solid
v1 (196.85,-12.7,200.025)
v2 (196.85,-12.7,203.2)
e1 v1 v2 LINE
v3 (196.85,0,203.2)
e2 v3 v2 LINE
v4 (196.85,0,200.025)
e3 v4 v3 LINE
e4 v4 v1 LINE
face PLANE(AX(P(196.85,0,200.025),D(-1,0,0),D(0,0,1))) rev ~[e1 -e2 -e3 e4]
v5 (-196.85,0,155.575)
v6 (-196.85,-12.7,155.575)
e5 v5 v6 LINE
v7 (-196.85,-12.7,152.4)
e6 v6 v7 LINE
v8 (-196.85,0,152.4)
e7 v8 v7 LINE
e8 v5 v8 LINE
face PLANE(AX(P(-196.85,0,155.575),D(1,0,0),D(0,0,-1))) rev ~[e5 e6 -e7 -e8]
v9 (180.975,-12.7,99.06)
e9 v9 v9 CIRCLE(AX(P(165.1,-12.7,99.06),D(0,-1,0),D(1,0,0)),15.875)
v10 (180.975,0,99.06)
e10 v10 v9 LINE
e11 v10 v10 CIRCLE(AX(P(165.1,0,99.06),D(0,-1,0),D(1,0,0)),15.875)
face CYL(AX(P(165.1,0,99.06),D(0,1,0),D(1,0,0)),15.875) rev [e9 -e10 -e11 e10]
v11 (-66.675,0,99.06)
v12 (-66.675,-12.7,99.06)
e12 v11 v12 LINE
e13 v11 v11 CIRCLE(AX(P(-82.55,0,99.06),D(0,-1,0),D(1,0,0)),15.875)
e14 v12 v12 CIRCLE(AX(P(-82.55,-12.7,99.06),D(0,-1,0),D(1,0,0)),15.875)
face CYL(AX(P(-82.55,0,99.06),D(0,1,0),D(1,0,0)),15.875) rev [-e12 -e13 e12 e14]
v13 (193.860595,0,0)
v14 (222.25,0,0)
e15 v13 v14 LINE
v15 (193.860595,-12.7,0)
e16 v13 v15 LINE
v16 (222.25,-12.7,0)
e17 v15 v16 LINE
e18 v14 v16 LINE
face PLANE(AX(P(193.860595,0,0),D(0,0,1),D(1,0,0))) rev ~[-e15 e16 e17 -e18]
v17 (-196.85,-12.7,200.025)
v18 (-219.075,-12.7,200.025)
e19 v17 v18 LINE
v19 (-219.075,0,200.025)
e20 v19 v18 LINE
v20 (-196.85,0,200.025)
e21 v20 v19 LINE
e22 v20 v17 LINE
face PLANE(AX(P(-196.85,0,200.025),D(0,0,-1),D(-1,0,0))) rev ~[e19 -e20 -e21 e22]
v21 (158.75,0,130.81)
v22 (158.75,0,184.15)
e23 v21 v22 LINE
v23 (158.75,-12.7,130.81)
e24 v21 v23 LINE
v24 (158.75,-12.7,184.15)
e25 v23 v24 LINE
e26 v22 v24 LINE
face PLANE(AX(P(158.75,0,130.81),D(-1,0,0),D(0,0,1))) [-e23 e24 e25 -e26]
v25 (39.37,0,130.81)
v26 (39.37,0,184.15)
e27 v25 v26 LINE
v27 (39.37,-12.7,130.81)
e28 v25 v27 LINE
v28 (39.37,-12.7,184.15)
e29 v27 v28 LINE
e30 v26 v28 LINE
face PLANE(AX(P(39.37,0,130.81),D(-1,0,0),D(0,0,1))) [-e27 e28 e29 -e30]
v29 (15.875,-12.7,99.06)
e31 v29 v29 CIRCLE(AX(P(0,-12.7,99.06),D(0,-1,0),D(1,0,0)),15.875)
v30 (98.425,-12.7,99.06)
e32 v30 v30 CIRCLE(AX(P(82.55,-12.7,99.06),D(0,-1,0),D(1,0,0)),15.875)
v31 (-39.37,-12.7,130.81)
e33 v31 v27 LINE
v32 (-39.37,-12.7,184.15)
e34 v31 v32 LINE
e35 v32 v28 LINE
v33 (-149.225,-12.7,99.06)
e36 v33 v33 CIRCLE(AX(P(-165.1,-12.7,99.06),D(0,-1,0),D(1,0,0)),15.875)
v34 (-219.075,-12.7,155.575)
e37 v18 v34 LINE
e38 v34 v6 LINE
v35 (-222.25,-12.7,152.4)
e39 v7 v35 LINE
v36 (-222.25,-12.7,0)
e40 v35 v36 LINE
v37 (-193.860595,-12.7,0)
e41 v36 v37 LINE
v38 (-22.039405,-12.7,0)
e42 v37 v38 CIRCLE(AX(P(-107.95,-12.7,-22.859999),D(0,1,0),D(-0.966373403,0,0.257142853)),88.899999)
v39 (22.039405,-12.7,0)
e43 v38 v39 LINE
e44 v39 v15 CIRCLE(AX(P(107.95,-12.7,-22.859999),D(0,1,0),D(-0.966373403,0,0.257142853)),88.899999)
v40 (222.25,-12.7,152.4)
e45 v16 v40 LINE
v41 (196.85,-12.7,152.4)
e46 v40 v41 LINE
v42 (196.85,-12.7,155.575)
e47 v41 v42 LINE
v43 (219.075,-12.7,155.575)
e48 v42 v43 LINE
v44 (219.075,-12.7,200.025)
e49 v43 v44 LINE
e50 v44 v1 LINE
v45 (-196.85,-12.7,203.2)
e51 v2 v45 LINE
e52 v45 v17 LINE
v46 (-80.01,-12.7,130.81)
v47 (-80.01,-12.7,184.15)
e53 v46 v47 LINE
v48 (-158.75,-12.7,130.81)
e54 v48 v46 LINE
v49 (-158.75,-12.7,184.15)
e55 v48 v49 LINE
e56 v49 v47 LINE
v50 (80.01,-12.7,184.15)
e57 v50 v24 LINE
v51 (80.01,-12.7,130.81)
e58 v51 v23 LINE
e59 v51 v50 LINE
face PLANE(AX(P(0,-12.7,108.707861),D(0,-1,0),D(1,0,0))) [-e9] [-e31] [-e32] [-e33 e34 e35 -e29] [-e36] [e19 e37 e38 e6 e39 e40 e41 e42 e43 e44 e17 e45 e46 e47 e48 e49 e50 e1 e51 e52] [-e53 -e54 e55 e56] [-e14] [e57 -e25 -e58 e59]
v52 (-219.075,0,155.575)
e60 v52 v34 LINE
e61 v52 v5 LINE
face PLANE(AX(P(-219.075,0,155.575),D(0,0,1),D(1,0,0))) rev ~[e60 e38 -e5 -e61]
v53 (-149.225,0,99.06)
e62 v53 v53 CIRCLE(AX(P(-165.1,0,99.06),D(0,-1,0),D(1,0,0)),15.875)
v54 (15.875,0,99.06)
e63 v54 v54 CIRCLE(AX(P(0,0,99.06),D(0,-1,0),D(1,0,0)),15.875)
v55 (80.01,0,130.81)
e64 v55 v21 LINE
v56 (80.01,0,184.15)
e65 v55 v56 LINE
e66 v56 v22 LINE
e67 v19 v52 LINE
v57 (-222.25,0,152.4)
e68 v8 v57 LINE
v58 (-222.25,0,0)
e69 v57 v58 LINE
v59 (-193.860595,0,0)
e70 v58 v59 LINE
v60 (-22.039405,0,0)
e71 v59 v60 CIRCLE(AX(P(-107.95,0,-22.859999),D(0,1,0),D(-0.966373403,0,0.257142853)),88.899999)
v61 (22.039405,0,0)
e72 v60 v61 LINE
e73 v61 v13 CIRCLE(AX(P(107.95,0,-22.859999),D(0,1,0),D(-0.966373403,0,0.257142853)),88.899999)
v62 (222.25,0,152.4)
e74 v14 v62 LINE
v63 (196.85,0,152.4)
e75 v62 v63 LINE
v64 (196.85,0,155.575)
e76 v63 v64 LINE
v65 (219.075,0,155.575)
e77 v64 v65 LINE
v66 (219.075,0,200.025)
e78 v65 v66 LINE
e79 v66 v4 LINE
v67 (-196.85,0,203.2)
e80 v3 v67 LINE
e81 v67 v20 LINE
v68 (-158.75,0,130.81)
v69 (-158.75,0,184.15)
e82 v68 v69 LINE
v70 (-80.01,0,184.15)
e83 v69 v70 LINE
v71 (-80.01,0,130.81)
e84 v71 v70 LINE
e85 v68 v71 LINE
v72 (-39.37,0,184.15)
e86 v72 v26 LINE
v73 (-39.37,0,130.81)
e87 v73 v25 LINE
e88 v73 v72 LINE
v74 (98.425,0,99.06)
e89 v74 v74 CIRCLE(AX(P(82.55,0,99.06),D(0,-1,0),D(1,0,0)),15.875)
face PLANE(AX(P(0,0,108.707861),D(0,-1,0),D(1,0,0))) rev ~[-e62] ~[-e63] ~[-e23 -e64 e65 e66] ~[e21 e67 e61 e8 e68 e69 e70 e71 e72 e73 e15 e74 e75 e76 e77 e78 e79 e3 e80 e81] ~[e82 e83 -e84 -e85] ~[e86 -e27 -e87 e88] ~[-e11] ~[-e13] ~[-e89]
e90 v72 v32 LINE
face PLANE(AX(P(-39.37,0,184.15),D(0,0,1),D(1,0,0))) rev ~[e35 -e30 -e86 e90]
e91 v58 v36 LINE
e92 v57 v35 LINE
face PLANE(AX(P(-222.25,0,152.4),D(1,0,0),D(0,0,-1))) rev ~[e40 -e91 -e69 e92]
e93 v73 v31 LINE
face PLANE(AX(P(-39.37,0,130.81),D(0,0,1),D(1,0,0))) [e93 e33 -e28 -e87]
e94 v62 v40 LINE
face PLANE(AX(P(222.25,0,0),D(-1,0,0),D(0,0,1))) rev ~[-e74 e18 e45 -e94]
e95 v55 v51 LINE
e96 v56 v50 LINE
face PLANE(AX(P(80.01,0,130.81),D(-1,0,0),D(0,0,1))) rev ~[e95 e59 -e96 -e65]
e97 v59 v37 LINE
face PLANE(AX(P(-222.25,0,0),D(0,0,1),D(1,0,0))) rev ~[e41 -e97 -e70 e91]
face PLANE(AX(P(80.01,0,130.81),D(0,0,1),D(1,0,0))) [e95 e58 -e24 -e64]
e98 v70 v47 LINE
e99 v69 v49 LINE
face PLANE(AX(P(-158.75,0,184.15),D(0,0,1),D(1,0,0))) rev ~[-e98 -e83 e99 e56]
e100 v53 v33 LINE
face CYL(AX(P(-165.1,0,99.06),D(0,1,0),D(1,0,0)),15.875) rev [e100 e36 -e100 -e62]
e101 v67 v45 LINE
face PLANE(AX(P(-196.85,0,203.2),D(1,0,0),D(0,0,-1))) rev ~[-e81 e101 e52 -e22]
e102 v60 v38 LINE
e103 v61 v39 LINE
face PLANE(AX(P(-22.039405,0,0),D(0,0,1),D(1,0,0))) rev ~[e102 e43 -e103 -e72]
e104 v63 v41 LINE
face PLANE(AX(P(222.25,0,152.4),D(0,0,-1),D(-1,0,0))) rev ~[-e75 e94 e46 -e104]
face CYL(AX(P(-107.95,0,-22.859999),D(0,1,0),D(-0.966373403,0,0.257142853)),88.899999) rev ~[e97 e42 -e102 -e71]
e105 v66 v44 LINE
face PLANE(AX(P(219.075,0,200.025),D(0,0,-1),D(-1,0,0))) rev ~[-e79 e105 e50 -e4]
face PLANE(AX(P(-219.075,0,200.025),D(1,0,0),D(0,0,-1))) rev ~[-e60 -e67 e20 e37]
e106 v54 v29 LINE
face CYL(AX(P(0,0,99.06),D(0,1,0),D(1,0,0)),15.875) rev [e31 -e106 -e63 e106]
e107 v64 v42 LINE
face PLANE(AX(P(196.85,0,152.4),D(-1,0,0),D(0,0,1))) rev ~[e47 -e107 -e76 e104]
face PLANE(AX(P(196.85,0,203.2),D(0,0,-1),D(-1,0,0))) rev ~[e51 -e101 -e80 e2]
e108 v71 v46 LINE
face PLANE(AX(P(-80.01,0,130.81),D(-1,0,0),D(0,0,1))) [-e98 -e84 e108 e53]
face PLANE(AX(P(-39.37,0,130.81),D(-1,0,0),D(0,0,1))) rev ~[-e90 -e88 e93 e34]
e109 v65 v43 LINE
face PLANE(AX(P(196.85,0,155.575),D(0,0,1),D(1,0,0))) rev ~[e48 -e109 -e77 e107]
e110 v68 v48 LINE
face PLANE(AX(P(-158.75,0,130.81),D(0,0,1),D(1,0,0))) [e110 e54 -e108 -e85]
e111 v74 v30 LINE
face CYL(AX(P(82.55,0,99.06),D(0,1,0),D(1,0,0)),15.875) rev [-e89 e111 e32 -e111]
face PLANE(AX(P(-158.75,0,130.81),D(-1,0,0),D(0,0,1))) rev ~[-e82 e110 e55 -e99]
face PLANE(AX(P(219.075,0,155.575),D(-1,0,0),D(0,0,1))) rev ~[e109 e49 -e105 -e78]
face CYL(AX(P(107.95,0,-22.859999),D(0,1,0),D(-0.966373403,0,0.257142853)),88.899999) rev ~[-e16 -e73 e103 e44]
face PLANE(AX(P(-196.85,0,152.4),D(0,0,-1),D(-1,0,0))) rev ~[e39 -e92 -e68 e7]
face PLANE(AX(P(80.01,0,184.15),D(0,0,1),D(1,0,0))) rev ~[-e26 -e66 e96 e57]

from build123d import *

# Parameters (mm, degrees)
F0_R     = 15.875
F0_W     = 78.74
F0_H     = 53.34
F1_DEPTH = 12.7


with BuildPart() as f1:
    # F0 (on Front) → F1 (new body)
    with BuildSketch(Plane.XZ):
        with BuildLine():
            Line((-22.039405, 0), (22.039405, 0))
            ThreePointArc((22.039405, 0), (107.95, 66.04), (193.860595, 0))
            Line((193.860595, 0), (222.25, 0))
            Line((222.25, 0), (222.25, 152.4))
            Line((222.25, 152.4), (196.85, 152.4))
            Line((196.85, 152.4), (196.85, 155.575))
            Line((196.85, 155.575), (219.075, 155.575))
            Line((219.075, 155.575), (219.075, 200.025))
            Line((219.075, 200.025), (196.85, 200.025))
            Line((196.85, 200.025), (196.85, 203.2))
            Line((196.85, 203.2), (-196.85, 203.2))
            Line((-196.85, 203.2), (-196.85, 200.025))
            Line((-196.85, 200.025), (-219.075, 200.025))
            Line((-219.075, 200.025), (-219.075, 155.575))
            Line((-219.075, 155.575), (-196.85, 155.575))
            Line((-196.85, 155.575), (-196.85, 152.4))
            Line((-196.85, 152.4), (-222.25, 152.4))
            Line((-222.25, 152.4), (-222.25, 0))
            Line((-222.25, 0), (-193.860595, 0))
            ThreePointArc((-193.860595, 0), (-107.95, 66.04), (-22.039405, 0))
        make_face()
        with Locations((-165.1, 99.06)):
            Circle(F0_R, mode=Mode.SUBTRACT)
        with Locations((-82.55, 99.06)):
            Circle(F0_R, mode=Mode.SUBTRACT)
        with Locations((0, 99.06)):
            Circle(F0_R, mode=Mode.SUBTRACT)
        with Locations((82.55, 99.06)):
            Circle(F0_R, mode=Mode.SUBTRACT)
        with Locations((165.1, 99.06)):
            Circle(F0_R, mode=Mode.SUBTRACT)
        with Locations((-119.38, 157.48)):
            Rectangle(F0_W, F0_H, mode=Mode.SUBTRACT)
        with Locations((0, 157.48)):
            Rectangle(F0_W, F0_H, mode=Mode.SUBTRACT)
        with Locations((119.38, 157.48)):
            Rectangle(F0_W, F0_H, mode=Mode.SUBTRACT)
    extrude(amount=F1_DEPTH)


solid = f1.part
